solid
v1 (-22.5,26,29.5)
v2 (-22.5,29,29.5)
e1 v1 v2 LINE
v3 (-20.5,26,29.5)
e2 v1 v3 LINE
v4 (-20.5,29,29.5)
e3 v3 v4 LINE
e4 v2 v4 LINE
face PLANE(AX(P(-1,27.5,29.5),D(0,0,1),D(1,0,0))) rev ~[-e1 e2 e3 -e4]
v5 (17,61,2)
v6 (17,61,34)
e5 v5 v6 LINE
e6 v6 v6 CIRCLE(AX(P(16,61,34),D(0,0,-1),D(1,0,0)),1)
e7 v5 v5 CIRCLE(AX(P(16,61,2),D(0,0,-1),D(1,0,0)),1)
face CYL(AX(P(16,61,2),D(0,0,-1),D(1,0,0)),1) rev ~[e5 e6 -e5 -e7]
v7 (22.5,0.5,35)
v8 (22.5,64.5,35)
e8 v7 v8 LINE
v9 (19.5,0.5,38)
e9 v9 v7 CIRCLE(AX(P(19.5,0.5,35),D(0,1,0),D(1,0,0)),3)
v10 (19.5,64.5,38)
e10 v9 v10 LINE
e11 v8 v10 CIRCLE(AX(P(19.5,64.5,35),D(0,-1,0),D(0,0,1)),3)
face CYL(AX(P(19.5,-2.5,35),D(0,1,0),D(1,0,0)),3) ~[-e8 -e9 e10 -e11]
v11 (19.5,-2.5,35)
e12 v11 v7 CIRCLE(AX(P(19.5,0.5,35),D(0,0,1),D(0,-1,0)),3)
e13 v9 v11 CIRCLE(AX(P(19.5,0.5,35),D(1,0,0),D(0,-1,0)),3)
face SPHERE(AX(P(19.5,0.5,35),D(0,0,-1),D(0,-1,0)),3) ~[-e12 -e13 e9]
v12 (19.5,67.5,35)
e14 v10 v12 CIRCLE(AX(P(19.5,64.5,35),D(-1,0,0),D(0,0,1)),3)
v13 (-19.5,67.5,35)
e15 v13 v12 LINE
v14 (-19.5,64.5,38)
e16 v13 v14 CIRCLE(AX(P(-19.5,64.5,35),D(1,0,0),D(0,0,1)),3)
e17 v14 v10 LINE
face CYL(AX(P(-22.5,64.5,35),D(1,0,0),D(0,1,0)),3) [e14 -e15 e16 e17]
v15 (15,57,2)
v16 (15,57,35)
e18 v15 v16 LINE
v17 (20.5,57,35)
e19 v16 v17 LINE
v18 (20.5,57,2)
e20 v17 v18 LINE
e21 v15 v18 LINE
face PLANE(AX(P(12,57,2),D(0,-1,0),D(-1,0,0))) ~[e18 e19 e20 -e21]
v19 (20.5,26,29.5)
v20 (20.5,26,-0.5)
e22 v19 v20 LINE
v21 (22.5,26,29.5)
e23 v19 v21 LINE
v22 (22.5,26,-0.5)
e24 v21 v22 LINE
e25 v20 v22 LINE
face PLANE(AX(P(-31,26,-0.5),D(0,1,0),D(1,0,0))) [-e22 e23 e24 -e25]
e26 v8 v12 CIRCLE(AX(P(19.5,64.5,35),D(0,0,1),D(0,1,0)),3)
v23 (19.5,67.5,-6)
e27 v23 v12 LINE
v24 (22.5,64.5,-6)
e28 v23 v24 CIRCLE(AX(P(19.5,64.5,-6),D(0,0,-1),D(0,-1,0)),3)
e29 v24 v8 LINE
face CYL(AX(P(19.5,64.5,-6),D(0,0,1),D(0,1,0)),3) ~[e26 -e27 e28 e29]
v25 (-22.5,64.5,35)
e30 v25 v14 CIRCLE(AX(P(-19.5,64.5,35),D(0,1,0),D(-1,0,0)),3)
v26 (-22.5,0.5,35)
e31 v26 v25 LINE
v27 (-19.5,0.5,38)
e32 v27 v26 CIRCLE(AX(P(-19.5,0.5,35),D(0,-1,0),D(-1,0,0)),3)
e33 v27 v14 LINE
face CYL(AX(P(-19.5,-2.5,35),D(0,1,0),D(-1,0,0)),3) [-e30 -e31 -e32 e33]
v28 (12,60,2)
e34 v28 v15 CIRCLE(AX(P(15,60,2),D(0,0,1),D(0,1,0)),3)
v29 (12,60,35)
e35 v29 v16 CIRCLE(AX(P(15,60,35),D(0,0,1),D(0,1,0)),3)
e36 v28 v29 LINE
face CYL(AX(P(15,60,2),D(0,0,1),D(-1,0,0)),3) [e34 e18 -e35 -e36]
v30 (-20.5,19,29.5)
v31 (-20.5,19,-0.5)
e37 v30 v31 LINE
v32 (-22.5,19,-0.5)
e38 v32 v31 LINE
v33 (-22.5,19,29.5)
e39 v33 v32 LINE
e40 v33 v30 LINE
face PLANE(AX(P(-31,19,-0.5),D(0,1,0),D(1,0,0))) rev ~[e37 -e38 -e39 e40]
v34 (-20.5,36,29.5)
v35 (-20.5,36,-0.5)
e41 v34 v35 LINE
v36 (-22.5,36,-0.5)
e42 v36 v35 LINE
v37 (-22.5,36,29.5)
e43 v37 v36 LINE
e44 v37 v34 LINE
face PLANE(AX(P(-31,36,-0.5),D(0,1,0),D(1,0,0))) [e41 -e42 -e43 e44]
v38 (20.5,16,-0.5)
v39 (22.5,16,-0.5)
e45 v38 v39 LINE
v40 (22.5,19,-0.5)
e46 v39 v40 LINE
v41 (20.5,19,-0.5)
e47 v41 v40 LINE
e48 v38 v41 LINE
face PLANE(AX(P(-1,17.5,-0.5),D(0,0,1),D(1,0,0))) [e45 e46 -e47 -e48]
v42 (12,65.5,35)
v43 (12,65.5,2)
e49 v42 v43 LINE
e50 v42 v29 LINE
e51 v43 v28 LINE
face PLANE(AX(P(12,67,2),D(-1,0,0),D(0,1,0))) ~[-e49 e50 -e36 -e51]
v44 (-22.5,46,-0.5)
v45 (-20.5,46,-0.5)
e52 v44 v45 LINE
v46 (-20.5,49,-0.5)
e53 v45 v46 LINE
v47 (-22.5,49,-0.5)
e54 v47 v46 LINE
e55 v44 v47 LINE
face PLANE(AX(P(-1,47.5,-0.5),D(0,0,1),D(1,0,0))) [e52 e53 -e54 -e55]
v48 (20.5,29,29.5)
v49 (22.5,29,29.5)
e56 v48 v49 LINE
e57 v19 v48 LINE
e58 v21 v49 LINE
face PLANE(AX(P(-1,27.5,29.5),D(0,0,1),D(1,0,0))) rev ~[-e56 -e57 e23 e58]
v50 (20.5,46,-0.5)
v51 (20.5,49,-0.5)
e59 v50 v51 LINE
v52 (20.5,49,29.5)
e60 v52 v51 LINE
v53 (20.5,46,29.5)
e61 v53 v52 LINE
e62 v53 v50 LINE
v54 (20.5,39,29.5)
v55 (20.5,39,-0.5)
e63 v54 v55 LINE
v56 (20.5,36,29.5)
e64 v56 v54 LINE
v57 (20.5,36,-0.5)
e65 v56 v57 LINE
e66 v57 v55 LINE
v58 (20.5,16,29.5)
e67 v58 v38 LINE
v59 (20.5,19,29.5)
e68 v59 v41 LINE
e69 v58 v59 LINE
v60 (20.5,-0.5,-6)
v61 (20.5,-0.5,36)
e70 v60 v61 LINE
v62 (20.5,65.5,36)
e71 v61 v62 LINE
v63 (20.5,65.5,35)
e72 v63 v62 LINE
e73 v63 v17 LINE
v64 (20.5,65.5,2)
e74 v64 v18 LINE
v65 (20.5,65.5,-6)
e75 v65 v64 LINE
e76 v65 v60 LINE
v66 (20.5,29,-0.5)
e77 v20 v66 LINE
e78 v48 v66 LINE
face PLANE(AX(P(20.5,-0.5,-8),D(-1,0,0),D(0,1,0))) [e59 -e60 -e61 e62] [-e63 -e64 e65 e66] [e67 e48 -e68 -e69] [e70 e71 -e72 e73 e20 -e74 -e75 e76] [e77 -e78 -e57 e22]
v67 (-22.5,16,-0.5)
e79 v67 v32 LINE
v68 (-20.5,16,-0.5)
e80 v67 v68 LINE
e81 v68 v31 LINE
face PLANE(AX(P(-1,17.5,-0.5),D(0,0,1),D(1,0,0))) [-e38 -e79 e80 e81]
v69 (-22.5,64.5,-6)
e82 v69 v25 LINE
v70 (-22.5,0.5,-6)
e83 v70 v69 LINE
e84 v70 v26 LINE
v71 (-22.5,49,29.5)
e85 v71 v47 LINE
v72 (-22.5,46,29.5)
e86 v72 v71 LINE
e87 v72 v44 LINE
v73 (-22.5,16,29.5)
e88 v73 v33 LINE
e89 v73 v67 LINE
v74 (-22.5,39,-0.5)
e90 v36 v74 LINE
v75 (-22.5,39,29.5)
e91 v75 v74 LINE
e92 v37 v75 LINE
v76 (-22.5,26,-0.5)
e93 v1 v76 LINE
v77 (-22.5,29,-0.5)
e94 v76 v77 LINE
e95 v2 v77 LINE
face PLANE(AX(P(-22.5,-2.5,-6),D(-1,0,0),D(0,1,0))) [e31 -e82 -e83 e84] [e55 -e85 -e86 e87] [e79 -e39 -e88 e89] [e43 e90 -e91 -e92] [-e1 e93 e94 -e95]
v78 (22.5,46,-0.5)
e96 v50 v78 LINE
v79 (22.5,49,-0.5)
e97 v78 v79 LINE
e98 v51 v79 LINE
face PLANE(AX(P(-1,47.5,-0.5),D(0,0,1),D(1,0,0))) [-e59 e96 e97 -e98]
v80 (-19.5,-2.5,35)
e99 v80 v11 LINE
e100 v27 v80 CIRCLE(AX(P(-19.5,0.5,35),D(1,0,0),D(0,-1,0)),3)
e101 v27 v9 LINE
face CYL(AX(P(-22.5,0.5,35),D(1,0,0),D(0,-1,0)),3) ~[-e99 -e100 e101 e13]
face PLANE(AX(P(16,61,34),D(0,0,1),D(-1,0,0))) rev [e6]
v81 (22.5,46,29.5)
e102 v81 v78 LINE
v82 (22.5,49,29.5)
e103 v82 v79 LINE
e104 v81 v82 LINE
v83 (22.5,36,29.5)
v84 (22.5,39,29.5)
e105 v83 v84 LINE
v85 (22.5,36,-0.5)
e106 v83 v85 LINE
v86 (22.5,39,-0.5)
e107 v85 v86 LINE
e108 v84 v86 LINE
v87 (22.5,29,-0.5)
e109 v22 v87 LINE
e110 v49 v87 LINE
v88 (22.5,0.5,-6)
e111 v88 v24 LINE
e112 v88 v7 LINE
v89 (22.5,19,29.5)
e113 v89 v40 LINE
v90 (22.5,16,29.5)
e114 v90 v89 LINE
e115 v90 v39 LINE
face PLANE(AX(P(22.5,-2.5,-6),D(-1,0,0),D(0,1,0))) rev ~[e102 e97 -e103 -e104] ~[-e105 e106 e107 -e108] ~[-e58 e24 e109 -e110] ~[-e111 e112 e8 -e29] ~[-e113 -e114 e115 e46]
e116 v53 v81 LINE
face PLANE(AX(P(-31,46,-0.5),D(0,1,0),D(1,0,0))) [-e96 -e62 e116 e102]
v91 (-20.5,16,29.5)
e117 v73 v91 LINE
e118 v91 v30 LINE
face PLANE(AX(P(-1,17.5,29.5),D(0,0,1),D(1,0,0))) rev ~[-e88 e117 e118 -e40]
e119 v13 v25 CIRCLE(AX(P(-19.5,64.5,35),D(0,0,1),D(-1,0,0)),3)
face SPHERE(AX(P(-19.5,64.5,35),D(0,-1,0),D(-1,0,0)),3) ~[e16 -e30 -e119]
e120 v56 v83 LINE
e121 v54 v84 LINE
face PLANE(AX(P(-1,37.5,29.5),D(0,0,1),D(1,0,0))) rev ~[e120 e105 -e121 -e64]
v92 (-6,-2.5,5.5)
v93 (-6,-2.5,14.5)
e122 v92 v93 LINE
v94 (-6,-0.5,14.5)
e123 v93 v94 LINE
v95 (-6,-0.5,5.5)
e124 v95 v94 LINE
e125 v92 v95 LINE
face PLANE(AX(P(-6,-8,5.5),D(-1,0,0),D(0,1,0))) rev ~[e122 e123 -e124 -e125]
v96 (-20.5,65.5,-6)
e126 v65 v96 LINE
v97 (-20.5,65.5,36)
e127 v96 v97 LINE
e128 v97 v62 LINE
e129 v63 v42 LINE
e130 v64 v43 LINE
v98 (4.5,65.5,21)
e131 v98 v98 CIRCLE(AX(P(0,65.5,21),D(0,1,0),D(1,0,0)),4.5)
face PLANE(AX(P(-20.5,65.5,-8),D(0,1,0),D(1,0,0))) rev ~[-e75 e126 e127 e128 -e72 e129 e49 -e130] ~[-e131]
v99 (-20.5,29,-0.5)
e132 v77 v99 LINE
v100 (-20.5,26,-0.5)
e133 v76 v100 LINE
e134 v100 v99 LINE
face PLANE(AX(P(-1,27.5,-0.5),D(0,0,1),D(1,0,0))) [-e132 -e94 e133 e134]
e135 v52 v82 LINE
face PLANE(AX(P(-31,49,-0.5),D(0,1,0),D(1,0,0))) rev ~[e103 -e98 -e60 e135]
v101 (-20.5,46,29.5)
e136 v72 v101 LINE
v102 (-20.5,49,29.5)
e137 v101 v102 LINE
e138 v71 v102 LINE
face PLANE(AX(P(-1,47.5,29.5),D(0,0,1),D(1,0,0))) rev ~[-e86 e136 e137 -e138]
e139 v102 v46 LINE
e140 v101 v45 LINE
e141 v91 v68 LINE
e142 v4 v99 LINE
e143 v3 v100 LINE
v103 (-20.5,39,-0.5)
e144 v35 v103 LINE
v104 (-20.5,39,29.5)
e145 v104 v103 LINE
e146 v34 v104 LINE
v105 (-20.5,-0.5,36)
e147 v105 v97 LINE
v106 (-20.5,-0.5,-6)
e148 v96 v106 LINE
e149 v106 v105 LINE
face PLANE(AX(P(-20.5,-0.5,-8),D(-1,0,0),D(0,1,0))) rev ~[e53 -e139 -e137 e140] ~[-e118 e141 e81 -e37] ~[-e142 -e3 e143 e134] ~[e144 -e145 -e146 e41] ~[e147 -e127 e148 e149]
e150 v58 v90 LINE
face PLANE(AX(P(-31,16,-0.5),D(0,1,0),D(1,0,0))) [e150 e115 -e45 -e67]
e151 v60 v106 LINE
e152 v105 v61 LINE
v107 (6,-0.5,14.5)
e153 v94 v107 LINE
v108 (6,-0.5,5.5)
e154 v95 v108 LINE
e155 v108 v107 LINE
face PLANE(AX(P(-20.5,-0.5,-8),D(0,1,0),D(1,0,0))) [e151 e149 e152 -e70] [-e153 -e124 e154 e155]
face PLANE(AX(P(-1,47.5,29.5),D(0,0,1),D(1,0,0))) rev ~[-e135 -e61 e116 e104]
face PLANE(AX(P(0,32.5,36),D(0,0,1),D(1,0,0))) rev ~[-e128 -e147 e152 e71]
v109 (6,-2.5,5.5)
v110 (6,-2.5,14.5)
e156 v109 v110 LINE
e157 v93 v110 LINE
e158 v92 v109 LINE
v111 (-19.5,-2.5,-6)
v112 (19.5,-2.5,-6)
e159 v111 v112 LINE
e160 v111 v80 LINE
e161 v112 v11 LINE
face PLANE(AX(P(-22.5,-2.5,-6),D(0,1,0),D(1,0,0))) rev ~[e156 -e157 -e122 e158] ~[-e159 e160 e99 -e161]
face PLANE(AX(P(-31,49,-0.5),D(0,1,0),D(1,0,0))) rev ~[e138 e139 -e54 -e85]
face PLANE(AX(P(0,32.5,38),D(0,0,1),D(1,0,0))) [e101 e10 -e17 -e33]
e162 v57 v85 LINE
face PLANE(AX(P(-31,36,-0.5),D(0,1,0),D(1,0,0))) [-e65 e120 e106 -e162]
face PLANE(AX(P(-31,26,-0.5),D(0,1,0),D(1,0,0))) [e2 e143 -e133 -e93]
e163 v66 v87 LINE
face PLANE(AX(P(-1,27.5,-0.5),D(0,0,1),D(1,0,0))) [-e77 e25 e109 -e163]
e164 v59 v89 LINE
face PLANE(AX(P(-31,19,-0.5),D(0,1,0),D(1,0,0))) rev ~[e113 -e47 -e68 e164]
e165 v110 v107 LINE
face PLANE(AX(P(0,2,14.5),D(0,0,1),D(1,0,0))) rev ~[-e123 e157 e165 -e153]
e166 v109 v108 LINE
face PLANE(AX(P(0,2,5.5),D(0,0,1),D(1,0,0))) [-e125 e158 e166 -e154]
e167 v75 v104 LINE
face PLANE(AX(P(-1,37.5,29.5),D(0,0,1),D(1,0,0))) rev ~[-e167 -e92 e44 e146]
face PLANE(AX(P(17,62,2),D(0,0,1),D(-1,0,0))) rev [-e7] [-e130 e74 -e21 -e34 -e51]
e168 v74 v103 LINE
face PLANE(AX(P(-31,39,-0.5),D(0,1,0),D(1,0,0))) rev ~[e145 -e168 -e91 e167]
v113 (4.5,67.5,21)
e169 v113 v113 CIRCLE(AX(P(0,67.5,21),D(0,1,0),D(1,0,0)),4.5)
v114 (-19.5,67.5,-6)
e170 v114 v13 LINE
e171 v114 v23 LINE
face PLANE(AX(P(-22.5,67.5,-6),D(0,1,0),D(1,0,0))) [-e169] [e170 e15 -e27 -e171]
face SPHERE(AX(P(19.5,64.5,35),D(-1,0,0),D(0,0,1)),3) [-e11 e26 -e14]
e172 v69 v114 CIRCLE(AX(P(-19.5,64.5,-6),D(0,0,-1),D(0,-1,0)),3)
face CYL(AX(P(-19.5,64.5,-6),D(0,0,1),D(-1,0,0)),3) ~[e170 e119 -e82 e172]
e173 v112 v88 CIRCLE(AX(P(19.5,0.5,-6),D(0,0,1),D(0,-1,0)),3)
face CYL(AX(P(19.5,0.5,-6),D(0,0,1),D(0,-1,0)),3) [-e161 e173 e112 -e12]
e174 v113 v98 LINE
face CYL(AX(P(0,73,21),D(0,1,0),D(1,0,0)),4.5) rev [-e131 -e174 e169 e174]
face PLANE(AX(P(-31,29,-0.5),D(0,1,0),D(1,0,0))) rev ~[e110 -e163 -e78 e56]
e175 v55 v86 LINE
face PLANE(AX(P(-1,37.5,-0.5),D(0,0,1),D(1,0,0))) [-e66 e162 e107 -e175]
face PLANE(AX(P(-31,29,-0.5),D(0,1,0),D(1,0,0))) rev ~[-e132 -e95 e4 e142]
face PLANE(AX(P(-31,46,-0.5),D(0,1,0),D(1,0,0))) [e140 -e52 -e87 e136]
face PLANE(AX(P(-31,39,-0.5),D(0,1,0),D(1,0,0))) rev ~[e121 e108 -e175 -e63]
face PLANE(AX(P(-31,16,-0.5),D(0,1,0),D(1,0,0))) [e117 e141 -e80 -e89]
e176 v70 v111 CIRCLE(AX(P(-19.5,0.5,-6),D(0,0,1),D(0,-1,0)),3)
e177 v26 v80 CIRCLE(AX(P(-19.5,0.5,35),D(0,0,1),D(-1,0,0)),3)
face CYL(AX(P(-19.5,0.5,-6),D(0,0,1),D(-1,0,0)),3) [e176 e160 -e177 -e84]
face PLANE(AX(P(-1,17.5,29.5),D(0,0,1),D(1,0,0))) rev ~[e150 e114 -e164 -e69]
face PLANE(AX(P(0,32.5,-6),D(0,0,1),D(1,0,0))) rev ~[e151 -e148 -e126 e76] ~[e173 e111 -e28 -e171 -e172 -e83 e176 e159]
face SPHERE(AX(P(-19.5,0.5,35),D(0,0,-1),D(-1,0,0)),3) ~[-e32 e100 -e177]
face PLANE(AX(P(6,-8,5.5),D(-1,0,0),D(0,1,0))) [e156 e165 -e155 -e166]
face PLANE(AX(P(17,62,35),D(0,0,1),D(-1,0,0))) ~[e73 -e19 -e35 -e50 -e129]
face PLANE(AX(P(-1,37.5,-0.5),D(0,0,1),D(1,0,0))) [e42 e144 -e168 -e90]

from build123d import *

# Parameters (mm, degrees)
CYLINDER_R        = 1
CYLINDER_DEPTH    = 32
BOX002_W          = 10
BOX002_H          = 10
BOX002_DEPTH      = 33
FILLET_R          = 3
BOX003_W          = 12
BOX003_H          = 20
BOX003_DEPTH      = 9
CYLINDER001_R     = 4.5
CYLINDER001_DEPTH = 10
BOX004_W          = 60
BOX004_H          = 3
BOX004_DEPTH      = 30
ARRAY_Y_COUNT     = 4
ARRAY_Y_PITCH     = 10
BOX_W             = 41
BOX_H             = 66
BOX_DEPTH         = 44
BOX001_W          = 45
BOX001_H          = 70
BOX001_DEPTH      = 44
FILLET001_R       = 3


with BuildPart() as cylinder:
    # Cylinder → Cylinder (new body)
    with BuildSketch(Plane(origin=(4, 6, 2), x_dir=(1, 0, 0), z_dir=(0, 0, 1))):
        Circle(CYLINDER_R)
    extrude(amount=CYLINDER_DEPTH)


with BuildPart() as fillet_body:
    # Box002 → Box002 (new body)
    with BuildSketch(Plane.XY.offset(2)):
        with Locations((5, 5)):
            Rectangle(BOX002_W, BOX002_H)
    extrude(amount=BOX002_DEPTH)

    # Cut: cut Cylinder
    add(cylinder.part, mode=Mode.SUBTRACT)


with BuildPart() as fillet_body_1:
    # Cut placement: moved
    add(fillet_body.part.moved(Location((12, -2, 0))))

    # Fillet
    fillet_edges = [fillet_body_1.edges().sort_by_distance(p)[0] for p in [
        (12, 8, 18.5),
        (22, -2, 18.5),
    ]]
    fillet(fillet_edges, radius=FILLET_R)


with BuildPart() as part_mirroring:
    # Part__Mirroring: instance of Fillet body
    add(fillet_body_1.part.mirror(Plane(origin=(0, 0, 0), x_dir=(0, -1, 0), z_dir=(1, 0, 0))))


with BuildPart() as part_mirroring001:
    # Part__Mirroring001: instance of Part__Mirroring
    add(part_mirroring.part.mirror(Plane(origin=(0, 32.5, 0), x_dir=(1, 0, 0), z_dir=(0, 1, 0))))


with BuildPart() as part_mirroring002:
    # Part__Mirroring002: instance of Part__Mirroring001
    add(part_mirroring001.part.mirror(Plane(origin=(0, 0, 0), x_dir=(0, -1, 0), z_dir=(1, 0, 0))))


with BuildPart() as usb_hole_cube:
    # Box003 → Box003 (new body)
    with BuildSketch(Plane(origin=(-6, -8, 5.5), x_dir=(1, 0, 0), z_dir=(0, 0, 1))):
        with Locations((6, 10)):
            Rectangle(BOX003_W, BOX003_H)
    extrude(amount=BOX003_DEPTH)


with BuildPart() as wires_hole:
    # Cylinder001 → Cylinder001 (new body)
    with BuildSketch(Plane(origin=(0, 73, 21), x_dir=(1, 0, 0), z_dir=(0, -1, 0))):
        Circle(CYLINDER001_R)
    extrude(amount=CYLINDER001_DEPTH)


with BuildPart() as array:
    # Box004 → Box004 (new body)
    with BuildSketch(Plane(origin=(-31, 16, -0.5), x_dir=(1, 0, 0), z_dir=(0, 0, 1))):
        with Locations((30, 1.5)):
            Rectangle(BOX004_W, BOX004_H)
    extrude(amount=BOX004_DEPTH)

    # Array Y: Array ×4


with BuildPart() as array_1:
    add(array.part)
    with Locations(*[(0, i * ARRAY_Y_PITCH, 0) for i in range(1, ARRAY_Y_COUNT)]):
        add(array.part)


with BuildPart() as fusion:
    # Box → Box (new body)
    with BuildSketch(Plane(origin=(-20.5, -0.5, -8), x_dir=(1, 0, 0), z_dir=(0, 0, 1))):
        with Locations((20.5, 33)):
            Rectangle(BOX_W, BOX_H)
    extrude(amount=BOX_DEPTH)

    # Fusion: union usb hole cube, wires hole, Array
    add(usb_hole_cube.part)
    add(wires_hole.part)
    add(array_1.part)


with BuildPart() as fillet001:
    # Box001 → Box001 (new body)
    with BuildSketch(Plane(origin=(-22.5, -2.5, -6), x_dir=(1, 0, 0), z_dir=(0, 0, 1))):
        with Locations((22.5, 35)):
            Rectangle(BOX001_W, BOX001_H)
    extrude(amount=BOX001_DEPTH)

    # Cut001: cut Fusion
    add(fusion.part, mode=Mode.SUBTRACT)

    # Fusion001: union Part__Mirroring002
    add(part_mirroring002.part)

    # Fillet001
    fillet001_edges = [fillet001.edges().sort_by_distance(p)[0] for p in [
        (-22.5, -2.5, 16),
        (-22.5, 32.5, 38),
        (-22.5, 67.5, 16),
        (22.5, -2.5, 16),
        (0, -2.5, 38),
        (0, 67.5, 38),
        (22.5, 32.5, 38),
        (22.5, 67.5, 16),
    ]]
    fillet(fillet001_edges, radius=FILLET001_R)


solid = fillet001.part
